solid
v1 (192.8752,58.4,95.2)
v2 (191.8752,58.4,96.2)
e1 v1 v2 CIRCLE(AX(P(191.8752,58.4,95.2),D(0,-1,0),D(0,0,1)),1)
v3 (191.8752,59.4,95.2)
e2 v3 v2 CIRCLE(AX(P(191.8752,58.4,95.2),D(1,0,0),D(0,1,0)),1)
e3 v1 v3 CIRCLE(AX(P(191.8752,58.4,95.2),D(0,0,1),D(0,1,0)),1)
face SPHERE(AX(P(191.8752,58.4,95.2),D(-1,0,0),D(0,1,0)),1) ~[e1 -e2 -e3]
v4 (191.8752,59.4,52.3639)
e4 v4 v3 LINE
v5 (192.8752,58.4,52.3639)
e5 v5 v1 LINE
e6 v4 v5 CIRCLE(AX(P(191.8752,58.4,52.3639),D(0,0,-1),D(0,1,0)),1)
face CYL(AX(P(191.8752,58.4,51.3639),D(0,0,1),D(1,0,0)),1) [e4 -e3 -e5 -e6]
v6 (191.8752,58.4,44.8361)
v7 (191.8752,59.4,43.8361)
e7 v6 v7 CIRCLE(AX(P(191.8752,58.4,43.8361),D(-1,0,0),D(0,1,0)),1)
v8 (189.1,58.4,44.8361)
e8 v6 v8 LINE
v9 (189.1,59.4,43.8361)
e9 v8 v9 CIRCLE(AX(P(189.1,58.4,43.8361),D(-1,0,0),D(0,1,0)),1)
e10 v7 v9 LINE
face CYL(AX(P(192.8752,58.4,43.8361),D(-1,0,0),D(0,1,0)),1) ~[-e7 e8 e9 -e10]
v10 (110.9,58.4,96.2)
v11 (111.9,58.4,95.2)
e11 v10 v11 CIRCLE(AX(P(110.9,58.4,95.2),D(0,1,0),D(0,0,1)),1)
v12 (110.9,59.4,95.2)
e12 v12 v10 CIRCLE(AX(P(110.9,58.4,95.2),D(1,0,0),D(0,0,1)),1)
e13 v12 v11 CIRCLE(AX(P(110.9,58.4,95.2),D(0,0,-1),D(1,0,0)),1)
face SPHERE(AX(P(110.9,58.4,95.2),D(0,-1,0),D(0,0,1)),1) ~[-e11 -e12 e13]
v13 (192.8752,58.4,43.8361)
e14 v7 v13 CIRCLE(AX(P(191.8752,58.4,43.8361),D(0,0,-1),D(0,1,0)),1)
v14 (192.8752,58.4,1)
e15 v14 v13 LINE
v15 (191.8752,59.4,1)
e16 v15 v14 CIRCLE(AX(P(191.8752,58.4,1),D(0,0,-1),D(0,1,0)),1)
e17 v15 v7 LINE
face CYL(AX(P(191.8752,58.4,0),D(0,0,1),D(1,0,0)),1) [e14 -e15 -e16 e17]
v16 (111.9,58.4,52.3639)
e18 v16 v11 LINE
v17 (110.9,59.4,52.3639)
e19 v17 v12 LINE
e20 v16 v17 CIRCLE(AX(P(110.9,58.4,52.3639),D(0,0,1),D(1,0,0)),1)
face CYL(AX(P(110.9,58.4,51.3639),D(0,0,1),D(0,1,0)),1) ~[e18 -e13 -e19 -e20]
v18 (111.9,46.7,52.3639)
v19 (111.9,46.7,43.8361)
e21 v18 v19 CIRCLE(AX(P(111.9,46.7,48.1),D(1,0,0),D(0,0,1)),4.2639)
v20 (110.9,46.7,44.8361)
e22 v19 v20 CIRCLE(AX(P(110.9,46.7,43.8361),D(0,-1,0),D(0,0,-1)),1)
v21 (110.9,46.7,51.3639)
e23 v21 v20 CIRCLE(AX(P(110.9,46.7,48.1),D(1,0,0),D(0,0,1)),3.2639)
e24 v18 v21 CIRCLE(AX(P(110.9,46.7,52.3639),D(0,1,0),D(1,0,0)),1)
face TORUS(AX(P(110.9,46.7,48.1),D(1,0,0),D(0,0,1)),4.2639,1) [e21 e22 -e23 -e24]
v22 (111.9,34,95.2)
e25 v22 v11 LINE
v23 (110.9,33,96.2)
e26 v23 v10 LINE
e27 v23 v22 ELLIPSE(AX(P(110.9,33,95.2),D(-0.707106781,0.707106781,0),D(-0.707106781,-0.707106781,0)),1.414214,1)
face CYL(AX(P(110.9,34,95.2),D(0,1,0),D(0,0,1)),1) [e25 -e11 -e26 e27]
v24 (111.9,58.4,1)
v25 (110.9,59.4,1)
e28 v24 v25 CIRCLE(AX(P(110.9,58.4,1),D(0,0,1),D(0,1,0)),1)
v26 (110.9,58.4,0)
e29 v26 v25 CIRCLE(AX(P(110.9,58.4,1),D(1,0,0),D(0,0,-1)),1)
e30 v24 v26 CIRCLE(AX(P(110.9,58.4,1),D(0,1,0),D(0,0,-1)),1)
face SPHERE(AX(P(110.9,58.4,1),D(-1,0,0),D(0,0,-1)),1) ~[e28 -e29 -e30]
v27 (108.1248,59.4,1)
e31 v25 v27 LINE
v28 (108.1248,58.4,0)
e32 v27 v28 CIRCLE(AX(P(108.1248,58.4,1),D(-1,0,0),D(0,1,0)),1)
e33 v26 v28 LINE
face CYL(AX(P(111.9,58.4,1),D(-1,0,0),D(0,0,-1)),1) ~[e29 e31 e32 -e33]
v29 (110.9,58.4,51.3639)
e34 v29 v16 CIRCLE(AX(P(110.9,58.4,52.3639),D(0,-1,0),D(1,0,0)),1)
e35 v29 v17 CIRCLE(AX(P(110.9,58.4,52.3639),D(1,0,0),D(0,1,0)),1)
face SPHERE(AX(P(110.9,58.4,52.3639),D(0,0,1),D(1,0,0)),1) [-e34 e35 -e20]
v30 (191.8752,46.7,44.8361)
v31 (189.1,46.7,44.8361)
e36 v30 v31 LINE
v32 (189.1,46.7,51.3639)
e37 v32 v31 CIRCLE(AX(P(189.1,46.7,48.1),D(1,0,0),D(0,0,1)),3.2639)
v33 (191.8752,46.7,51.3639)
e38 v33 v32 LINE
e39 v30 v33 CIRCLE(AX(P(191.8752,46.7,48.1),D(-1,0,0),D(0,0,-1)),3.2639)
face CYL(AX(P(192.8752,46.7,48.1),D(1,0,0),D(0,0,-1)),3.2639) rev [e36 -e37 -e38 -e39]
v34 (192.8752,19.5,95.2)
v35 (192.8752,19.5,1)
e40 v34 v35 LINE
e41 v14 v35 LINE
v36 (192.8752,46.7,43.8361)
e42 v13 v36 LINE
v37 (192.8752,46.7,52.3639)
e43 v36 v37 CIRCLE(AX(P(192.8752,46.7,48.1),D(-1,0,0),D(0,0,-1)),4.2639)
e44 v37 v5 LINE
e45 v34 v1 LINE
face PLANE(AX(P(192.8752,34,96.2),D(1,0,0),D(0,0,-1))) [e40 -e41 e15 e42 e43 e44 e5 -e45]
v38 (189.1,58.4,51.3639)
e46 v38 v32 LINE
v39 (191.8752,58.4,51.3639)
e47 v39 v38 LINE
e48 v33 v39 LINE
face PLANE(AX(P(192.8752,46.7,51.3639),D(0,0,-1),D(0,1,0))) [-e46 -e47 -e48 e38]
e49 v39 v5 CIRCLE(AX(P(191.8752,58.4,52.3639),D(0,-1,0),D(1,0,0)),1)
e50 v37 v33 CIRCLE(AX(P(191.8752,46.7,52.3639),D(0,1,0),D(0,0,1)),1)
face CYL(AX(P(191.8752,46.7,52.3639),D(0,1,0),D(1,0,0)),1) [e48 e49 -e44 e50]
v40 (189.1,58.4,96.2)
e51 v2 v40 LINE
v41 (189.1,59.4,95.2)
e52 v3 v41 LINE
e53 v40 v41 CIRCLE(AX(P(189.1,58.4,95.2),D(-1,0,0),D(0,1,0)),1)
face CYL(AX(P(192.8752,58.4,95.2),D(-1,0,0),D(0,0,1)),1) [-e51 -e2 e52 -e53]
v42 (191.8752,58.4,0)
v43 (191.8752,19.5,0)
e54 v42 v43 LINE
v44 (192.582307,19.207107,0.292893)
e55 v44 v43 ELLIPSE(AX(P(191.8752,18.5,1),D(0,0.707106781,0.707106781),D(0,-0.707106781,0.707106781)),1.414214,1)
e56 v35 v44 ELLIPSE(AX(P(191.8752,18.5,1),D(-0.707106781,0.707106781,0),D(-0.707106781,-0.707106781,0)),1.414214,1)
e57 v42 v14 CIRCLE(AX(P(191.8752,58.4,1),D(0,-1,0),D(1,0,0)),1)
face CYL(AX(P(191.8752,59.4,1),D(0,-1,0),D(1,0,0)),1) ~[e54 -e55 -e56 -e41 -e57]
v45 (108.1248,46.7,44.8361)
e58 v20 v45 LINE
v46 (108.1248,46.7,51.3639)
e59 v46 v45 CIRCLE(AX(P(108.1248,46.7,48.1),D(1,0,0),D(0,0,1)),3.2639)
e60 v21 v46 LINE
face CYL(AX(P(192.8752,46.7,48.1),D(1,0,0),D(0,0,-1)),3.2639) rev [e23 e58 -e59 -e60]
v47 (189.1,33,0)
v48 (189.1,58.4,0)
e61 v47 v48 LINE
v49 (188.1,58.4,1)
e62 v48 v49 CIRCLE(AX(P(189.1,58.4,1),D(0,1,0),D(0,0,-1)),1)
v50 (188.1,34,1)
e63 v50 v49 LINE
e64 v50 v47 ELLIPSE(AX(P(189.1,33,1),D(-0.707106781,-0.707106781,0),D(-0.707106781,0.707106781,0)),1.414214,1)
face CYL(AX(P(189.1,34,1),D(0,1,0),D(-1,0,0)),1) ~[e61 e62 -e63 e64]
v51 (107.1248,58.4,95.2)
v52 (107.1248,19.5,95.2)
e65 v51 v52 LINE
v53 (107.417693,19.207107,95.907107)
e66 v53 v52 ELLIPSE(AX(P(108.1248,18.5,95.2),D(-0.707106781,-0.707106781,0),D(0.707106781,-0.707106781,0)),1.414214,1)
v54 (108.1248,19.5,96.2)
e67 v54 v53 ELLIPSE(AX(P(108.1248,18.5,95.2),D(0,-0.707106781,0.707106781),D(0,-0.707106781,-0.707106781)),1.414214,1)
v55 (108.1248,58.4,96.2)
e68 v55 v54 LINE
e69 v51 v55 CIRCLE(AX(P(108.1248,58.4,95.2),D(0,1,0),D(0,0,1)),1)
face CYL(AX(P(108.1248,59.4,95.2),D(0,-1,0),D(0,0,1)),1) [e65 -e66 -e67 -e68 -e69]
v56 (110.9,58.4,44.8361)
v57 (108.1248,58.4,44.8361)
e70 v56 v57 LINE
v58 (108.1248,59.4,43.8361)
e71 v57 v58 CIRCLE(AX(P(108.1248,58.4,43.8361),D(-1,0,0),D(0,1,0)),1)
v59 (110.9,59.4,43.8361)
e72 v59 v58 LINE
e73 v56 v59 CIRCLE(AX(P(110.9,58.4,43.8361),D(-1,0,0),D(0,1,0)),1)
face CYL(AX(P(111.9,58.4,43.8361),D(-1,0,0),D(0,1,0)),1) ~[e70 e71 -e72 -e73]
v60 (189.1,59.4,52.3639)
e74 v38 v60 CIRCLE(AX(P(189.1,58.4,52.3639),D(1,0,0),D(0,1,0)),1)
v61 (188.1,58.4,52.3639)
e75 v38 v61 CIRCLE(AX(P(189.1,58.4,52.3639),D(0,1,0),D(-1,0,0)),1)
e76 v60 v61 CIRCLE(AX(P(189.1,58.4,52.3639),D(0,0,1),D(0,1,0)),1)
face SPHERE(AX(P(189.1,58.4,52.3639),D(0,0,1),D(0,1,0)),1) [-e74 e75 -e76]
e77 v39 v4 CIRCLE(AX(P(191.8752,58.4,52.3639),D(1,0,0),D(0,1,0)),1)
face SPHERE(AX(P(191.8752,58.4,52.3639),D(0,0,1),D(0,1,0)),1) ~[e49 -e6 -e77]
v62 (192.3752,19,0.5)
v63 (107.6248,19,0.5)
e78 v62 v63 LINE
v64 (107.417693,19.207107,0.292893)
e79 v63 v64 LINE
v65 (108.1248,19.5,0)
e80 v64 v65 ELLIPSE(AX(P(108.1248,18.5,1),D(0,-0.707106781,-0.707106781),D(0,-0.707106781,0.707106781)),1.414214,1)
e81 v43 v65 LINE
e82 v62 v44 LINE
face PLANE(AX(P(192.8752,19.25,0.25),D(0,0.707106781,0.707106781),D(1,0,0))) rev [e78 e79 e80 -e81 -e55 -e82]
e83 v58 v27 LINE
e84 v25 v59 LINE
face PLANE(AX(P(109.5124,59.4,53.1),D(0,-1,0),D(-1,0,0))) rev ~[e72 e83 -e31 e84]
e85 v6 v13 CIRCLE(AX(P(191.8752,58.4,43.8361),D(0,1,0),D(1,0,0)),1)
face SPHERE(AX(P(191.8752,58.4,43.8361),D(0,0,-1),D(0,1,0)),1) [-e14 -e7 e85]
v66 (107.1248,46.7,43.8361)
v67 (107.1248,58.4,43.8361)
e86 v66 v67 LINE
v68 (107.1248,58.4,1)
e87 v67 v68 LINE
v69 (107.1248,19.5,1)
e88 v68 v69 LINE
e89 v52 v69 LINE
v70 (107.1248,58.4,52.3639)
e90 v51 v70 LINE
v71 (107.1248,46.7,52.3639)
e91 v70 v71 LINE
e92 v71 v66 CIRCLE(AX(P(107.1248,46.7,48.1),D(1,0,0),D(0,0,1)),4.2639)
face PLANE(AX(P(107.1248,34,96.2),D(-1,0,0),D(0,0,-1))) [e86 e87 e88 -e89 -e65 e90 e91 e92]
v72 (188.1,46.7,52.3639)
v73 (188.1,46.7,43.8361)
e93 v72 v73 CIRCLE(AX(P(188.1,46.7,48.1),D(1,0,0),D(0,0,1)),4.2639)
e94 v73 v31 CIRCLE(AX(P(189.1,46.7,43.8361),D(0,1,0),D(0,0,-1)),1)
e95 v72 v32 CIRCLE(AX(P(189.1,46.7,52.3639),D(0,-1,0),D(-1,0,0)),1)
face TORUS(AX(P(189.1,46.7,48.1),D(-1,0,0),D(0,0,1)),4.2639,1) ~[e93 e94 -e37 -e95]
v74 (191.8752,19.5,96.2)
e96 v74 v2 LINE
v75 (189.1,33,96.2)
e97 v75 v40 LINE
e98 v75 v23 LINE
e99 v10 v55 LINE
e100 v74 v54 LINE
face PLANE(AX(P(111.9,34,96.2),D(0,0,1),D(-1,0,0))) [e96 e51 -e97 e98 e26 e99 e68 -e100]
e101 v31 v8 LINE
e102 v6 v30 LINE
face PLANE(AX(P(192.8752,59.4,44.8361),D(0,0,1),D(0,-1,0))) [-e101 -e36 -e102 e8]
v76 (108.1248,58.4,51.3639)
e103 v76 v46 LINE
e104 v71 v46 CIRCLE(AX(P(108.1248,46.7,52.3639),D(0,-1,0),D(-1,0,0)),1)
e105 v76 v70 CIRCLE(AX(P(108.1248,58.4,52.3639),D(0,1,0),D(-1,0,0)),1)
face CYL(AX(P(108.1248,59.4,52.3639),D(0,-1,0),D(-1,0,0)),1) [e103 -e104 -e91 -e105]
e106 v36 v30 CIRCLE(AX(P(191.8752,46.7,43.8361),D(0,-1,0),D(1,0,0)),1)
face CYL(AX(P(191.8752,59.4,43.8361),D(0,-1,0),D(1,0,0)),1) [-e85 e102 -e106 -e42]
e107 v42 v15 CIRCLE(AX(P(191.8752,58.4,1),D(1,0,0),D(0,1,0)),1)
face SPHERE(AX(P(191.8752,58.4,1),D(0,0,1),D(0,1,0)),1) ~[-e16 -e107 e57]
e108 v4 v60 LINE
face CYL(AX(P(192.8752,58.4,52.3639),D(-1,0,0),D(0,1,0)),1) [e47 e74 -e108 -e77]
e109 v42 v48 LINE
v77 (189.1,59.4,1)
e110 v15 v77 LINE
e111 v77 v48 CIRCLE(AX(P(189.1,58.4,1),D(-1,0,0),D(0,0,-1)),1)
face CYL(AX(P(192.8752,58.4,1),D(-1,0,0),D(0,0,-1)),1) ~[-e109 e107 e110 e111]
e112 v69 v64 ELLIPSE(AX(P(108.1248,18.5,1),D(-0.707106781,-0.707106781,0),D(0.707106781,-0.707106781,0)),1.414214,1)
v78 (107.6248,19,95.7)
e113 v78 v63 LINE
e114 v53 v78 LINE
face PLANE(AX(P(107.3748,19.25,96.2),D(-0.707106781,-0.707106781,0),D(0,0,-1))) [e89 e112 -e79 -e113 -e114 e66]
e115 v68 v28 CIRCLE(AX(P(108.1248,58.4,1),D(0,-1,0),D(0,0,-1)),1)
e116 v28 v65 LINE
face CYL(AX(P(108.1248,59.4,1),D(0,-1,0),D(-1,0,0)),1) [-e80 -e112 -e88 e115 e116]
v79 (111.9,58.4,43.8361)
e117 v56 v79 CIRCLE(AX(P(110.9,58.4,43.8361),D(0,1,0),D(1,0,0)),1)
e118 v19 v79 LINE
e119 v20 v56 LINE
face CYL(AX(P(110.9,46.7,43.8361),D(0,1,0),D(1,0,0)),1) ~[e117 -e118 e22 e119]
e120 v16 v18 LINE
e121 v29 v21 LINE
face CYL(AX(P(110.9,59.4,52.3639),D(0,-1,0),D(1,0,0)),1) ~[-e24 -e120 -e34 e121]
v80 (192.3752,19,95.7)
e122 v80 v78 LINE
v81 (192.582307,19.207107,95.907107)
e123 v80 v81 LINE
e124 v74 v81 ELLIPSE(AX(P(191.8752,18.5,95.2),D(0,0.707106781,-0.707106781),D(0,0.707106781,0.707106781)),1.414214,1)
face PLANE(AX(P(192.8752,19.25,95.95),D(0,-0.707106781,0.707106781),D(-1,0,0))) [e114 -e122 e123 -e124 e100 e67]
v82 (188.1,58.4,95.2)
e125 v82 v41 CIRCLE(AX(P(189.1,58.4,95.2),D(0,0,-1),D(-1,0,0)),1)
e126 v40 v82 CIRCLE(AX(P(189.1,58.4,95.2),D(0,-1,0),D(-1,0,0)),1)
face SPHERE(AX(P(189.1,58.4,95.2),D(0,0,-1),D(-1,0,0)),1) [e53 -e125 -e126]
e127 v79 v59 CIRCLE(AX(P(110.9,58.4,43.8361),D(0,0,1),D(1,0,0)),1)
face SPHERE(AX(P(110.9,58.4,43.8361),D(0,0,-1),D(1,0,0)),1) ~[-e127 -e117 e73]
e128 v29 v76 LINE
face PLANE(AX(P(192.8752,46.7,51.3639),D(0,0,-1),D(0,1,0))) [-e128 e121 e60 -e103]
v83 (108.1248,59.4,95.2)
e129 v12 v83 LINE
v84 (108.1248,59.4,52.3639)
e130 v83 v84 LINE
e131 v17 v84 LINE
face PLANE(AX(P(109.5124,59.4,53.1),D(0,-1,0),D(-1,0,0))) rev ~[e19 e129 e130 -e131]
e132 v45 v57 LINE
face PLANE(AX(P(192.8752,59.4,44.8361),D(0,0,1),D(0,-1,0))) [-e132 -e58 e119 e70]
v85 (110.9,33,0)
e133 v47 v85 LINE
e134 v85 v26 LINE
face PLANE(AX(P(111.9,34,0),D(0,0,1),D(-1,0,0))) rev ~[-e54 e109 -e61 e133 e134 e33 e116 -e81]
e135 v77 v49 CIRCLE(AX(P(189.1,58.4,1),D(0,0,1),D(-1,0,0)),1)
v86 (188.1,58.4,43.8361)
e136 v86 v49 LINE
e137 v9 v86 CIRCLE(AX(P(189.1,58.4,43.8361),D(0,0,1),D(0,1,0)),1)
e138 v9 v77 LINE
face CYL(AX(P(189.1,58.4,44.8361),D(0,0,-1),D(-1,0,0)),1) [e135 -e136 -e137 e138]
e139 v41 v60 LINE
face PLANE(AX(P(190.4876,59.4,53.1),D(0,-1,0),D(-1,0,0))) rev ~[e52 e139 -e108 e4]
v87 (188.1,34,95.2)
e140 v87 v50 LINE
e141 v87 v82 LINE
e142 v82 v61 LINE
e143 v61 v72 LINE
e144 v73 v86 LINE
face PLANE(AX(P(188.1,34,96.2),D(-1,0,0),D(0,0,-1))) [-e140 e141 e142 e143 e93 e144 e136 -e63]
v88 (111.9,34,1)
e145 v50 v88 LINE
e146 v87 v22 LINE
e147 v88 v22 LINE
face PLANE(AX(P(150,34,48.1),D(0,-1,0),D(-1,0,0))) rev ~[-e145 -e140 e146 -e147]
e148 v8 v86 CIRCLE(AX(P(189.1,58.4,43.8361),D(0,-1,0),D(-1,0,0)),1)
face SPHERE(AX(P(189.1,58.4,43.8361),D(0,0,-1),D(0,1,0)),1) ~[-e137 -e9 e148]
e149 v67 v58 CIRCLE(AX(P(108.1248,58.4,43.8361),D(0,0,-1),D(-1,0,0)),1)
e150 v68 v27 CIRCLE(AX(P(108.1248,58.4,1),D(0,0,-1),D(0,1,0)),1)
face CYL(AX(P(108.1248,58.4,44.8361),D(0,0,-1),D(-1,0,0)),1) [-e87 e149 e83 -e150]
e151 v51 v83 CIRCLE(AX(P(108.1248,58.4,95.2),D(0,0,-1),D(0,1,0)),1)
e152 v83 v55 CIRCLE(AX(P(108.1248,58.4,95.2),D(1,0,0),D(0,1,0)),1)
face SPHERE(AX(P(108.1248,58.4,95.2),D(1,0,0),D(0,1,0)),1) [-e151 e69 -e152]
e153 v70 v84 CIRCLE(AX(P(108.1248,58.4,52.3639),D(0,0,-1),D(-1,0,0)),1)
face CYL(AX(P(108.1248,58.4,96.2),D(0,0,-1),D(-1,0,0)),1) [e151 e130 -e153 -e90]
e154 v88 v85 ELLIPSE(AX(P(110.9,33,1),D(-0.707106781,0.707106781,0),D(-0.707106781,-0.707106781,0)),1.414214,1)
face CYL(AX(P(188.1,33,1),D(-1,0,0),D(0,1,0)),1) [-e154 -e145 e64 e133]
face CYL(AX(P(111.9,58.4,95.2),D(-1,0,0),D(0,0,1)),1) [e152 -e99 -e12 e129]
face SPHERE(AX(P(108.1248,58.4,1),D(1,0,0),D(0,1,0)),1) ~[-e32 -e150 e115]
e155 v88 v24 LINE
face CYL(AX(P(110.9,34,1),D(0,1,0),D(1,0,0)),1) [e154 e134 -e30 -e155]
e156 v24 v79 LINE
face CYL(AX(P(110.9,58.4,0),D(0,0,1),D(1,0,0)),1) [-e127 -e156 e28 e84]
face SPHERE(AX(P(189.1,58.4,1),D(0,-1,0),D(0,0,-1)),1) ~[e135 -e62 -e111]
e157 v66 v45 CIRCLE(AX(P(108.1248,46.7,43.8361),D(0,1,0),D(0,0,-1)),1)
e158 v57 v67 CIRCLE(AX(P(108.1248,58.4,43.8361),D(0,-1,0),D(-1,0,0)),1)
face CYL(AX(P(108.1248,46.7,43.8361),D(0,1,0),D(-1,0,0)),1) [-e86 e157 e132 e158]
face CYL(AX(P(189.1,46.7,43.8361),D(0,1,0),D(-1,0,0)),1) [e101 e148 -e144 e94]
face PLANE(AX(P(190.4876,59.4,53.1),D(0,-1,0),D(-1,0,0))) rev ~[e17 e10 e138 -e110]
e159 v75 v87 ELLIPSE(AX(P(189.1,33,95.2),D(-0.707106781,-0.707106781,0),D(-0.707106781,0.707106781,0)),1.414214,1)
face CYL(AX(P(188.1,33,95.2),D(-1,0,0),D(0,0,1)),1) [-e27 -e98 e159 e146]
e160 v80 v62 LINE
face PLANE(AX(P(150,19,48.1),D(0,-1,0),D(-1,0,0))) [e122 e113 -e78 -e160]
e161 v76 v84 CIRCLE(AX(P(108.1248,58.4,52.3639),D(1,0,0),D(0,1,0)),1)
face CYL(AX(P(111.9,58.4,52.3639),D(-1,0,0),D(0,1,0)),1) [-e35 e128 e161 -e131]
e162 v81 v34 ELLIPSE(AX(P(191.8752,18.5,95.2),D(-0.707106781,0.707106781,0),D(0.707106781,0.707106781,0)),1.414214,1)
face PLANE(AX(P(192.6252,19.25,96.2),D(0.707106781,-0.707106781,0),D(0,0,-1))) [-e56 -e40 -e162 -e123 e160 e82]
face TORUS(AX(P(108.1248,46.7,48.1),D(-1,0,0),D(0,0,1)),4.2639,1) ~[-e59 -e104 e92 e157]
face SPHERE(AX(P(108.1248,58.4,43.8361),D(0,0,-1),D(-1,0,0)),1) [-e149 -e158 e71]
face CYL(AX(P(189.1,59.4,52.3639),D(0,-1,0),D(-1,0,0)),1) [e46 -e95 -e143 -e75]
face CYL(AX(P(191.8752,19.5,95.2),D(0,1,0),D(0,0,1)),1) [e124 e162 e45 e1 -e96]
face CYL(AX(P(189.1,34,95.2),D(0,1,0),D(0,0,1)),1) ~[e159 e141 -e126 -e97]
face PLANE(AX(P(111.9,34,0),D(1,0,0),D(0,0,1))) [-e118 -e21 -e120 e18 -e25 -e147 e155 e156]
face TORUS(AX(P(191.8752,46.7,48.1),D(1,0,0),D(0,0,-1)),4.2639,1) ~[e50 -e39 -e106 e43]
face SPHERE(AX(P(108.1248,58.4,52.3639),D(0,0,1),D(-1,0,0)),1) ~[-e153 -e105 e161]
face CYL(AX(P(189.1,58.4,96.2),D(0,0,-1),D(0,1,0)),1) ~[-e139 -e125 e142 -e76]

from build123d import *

# Parameters (mm, degrees)
SKETCH2_W           = 85.7504
SKETCH2_H           = 96.2
BOSS_EXTRUDE1_DEPTH = 15
SKETCH2_3_W         = 4.7752
SKETCH2_3_H         = 96.2
BOSS_EXTRUDE2_DEPTH = 25.4
CUT_EXTRUDE1_DEPTH  = 142.901131427
CHAMFER1_SIZE       = 0.5
FILLET2_R           = 1


with BuildPart() as part:
    # Sketch2 → Boss-Extrude1 (new body)
    with BuildSketch(Plane(origin=(0, 34, 0), x_dir=(-1, 0, 0), z_dir=(0, -1, 0))):
        with Locations((-150, -48.1)):
            Rectangle(SKETCH2_W, SKETCH2_H)
    extrude(amount=BOSS_EXTRUDE1_DEPTH)

    # Sketch2<3> → Boss-Extrude2 (add)
    with BuildSketch(Plane(origin=(0, 34, 0), x_dir=(-1, 0, 0), z_dir=(0, -1, 0))):
        with Locations((-109.5124, -48.1)):
            Rectangle(SKETCH2_3_W, SKETCH2_3_H)
        with Locations((-190.4876, -48.1)):
            Rectangle(SKETCH2_3_W, SKETCH2_3_H)
    extrude(amount=-BOSS_EXTRUDE2_DEPTH)

    # Sketch3 → Cut-Extrude1 (cut, through all)
    with BuildSketch(Plane(origin=(192.8752, 0, 0), x_dir=(0, 0, -1), z_dir=(1, 0, 0))):
        with BuildLine():
            Line((-51.3639, 46.7), (-51.3639, 59.4))
            Line((-51.3639, 59.4), (-44.8361, 59.4))
            Line((-44.8361, 59.4), (-44.8361, 46.7))
            ThreePointArc((-44.8361, 46.7), (-48.1, 43.4361), (-51.3639, 46.7))
        make_face()
    extrude(amount=-CUT_EXTRUDE1_DEPTH, mode=Mode.SUBTRACT)

    # Chamfer1
    chamfer1_edges = [part.edges().sort_by_distance(p)[0] for p in [
        (150, 19, 96.2),
        (192.8752, 19, 48.1),
        (150, 19, 0),
        (107.1248, 19, 48.1),
    ]]
    chamfer(chamfer1_edges, length=CHAMFER1_SIZE)

    # Fillet2
    fillet2_edges = [part.edges().sort_by_distance(p)[0] for p in [
        (111.9, 53.05, 44.8361),
        (111.9, 43.4361, 48.1),
        (107.1248, 53.05, 44.8361),
        (107.1248, 43.4361, 48.1),
        (192.8752, 53.05, 44.8361),
        (192.8752, 43.4361, 48.1),
        (188.1, 53.05, 44.8361),
        (188.1, 43.4361, 48.1),
        (109.5124, 59.4, 0),
        (111.9, 59.4, 22.41805),
        (109.5124, 59.4, 44.8361),
        (107.1248, 59.4, 22.41805),
        (109.5124, 59.4, 96.2),
        (107.1248, 59.4, 73.78195),
        (111.9, 59.4, 73.78195),
        (190.4876, 59.4, 0),
        (192.8752, 59.4, 22.41805),
        (190.4876, 59.4, 44.8361),
        (188.1, 59.4, 22.41805),
        (190.4876, 59.4, 96.2),
        (188.1, 59.4, 73.78195),
        (192.8752, 59.4, 73.78195),
        (111.9, 53.05, 51.3639),
        (109.5124, 59.4, 51.3639),
        (107.1248, 53.05, 51.3639),
        (192.8752, 53.05, 51.3639),
        (190.4876, 59.4, 51.3639),
        (188.1, 53.05, 51.3639),
        (150, 34, 96.2),
        (107.1248, 39.45, 96.2),
        (188.1, 46.7, 96.2),
        (111.9, 46.7, 96.2),
        (192.8752, 39.45, 96.2),
        (107.1248, 39.45, 0),
        (192.8752, 39.45, 0),
        (188.1, 46.7, 0),
        (150, 34, 0),
        (111.9, 46.7, 0),
    ]]
    fillet(fillet2_edges, radius=FILLET2_R)


solid = part.part
